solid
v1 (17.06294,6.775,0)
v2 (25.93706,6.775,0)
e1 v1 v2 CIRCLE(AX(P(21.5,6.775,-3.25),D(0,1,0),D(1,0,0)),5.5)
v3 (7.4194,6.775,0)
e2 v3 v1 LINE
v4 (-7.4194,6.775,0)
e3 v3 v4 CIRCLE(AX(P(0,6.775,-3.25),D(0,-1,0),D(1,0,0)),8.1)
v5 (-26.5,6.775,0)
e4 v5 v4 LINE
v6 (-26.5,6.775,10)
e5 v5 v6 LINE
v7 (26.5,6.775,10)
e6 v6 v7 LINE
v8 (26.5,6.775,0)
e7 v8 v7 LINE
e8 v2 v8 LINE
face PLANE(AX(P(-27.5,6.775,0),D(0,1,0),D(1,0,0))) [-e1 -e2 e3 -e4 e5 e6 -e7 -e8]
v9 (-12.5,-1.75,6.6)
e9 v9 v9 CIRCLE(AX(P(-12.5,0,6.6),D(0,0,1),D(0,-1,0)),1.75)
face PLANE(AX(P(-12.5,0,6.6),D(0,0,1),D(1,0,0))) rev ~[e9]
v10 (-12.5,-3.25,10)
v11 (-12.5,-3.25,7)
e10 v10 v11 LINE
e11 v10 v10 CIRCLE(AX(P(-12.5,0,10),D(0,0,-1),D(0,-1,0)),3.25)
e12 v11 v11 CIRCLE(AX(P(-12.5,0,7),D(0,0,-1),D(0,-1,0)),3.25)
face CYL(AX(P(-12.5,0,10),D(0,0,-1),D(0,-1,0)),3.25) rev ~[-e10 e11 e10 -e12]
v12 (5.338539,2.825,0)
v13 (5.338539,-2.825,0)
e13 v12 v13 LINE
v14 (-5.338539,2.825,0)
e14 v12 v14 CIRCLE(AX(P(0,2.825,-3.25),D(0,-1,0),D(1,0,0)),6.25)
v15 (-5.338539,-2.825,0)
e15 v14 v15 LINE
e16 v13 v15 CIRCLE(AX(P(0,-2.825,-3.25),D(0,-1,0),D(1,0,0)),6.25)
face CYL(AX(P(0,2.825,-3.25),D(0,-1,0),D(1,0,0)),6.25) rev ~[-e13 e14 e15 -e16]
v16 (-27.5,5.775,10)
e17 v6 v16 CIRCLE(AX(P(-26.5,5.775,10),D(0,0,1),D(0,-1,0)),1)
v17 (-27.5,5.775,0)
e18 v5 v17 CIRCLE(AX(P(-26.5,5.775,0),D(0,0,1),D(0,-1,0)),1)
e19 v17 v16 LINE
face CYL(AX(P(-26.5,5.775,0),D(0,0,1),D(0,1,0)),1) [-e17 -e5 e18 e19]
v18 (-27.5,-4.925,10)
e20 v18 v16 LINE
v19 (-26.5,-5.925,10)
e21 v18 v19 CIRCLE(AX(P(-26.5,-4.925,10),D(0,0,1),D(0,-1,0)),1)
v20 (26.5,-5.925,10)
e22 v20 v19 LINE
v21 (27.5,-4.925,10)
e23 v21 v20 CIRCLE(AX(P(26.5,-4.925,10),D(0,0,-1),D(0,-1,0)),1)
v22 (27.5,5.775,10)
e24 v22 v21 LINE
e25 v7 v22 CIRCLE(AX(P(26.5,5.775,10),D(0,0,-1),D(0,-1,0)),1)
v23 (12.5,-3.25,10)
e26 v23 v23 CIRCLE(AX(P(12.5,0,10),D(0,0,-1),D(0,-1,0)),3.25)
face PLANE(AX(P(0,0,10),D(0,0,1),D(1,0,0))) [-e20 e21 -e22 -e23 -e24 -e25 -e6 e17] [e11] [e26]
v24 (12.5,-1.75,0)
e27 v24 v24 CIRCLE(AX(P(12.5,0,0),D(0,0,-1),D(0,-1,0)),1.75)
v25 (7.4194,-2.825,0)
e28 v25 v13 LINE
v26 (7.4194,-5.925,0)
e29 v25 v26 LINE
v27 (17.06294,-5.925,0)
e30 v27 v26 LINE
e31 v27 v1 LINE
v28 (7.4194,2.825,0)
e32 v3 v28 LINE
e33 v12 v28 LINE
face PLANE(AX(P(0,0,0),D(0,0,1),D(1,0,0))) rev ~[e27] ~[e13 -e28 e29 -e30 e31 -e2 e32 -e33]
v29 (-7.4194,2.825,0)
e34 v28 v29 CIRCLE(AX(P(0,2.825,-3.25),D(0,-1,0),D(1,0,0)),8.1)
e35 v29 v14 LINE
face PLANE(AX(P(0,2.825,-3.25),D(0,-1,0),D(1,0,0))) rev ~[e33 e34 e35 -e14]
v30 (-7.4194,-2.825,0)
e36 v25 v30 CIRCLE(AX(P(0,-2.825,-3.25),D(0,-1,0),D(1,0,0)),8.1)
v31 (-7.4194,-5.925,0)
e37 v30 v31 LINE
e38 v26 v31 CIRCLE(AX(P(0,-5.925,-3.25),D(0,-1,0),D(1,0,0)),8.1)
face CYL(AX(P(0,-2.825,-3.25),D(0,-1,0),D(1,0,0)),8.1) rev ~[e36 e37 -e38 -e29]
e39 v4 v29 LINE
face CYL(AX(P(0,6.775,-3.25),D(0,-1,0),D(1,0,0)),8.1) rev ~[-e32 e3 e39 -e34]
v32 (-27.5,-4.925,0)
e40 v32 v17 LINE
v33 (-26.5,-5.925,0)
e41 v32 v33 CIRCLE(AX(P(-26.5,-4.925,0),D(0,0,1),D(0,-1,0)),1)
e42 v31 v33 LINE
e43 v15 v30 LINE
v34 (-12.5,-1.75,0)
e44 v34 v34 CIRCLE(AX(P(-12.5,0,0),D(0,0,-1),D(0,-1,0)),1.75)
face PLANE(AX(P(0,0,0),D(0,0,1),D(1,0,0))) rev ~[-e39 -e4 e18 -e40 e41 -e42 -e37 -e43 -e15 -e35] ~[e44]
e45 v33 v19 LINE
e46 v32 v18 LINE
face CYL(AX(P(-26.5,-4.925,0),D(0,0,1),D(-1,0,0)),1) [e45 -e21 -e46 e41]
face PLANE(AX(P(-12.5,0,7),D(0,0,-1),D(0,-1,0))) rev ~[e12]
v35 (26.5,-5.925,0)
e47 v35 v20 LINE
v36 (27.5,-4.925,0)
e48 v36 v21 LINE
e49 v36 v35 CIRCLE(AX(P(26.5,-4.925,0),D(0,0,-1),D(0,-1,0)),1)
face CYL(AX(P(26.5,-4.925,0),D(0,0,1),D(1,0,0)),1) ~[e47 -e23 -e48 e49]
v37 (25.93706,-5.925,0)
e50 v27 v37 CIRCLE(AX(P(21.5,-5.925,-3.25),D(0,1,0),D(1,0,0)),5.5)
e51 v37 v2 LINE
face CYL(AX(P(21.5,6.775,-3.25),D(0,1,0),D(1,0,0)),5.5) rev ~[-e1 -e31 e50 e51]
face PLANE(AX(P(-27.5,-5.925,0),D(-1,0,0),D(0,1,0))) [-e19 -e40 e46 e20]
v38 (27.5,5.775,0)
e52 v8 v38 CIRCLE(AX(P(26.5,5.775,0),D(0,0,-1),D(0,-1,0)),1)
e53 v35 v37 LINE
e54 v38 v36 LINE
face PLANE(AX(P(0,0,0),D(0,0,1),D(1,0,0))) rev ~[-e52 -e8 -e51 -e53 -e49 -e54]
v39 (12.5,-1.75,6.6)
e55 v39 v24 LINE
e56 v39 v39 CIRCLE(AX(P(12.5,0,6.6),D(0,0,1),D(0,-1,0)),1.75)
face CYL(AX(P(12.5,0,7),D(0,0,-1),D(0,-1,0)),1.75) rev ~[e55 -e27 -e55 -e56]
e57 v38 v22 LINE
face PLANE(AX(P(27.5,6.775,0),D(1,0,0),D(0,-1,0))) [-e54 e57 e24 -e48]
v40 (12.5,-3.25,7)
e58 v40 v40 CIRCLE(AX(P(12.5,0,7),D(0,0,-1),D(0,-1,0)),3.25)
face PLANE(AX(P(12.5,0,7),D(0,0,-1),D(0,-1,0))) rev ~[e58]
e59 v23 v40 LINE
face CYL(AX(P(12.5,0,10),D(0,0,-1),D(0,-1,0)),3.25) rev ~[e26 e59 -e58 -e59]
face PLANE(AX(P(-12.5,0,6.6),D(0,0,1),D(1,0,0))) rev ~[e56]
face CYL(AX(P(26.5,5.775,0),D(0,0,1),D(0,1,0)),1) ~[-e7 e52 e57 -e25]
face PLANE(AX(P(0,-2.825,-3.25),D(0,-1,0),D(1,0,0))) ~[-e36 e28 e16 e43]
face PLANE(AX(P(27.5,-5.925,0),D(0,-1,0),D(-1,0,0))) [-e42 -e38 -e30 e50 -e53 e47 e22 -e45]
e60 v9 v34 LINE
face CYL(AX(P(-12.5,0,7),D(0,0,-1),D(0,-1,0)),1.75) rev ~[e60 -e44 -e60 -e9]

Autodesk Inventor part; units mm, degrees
ref_plane "XZ Plane" through (0, 0, 0) normal (0, 1, 0) x (-1, 0, 0)
ref_plane "XY Plane" through (0, 0, 0) normal (0, 0, 1) x (1, 0, 0)
sketch "Sketch1" plane through (0, 0, 0) normal (0, 0, 1) x (1, 0, 0)
  line L0 (-27.5, 6.775) -> (27.5, 6.775)
  line L1 (27.5, 6.775) -> (27.5, -5.925)
  line L2 (27.5, -5.925) -> (-27.5, -5.925)
  line L3 (-27.5, -5.925) -> (-27.5, 6.775)
  point P0 (0, 0)
  dimension "d0" = 6.775
  dimension "d1" = 5.925
  dimension "d2" = 27.5
  dimension "d3" = 27.5
extrude "Extrusion1" add sketch "Sketch1" along normal blind 10
ref_plane "Work Plane1" through (0, 0, -3.25) normal (0, 0, -1) x (-1, 0, 0)
sketch "Sketch2" plane through (0, 0, -3.25) normal (0, 0, -1) x (-1, 0, 0)
  line L0 (27.5, 6.775) -> (-27.5, 6.775) projected
  line L1 (-27.5, -5.925) -> (27.5, -5.925) projected
  line L2 (0, 6.775) -> (-8.1, 6.775)
  line L3 (-27.5, 6.775) -> (27.5, 6.775) projected
  line L4 (-8.1, 6.775) -> (-8.1, 2.825)
  line L5 (-8.1, 2.825) -> (-6.25, 2.825)
  line L6 (-6.25, 2.825) -> (-6.25, -2.825)
  line L7 (-6.25, -2.825) -> (-8.1, -2.825)
  line L8 (-8.1, -2.825) -> (-8.1, -5.925)
  line L9 (27.5, -5.925) -> (-27.5, -5.925) projected
  line L10 (-8.1, -5.925) -> (0, -5.925)
  line L11 (0, -5.925) -> (0, 6.775)
  line L12 (0, -8.465) -> (0, 9.315) projected
  point P0 (0, 0)
  dimension "d7" = 8.1
  dimension "d8" = 6.25
  dimension "d9" = 3.95
  dimension "d10" = 3.1
revolve "Revolution1" cut sketch "Sketch2" angle 180 about axis through (0, 0, -3.25) along (0, -1, 0)
sketch "Sketch3" plane through (0, 0, 10) normal (0, 0, 1) x (1, 0, 0)
  line L0 (0, 0) -> (43.2339, 0) construction
  line L1 (0, 0) -> (-39.8542, 0) construction
  point P0 (-12.5, 0)
  point P1 (12.5, 0)
  dimension "d12" = 12.5
  dimension "d13" = 12.5
hole "Hole1" at (-12.5, 0, 10) at (12.5, 0, 10) direction (0, 0, -1) diameter 3.5 end through all counterbore diameter 6.5 counterbore depth 3
sketch "Sketch5" plane through (-27.5, 6.775, 10) normal (0, 1, 0) x (1, 0, 0)
  arc A0 (22.1615, 10) -> (32.8385, 10) centre (27.5, 13.25) ccw projected
  line L0 (27.5, 13.25) -> (61.0026, 13.25) construction
  line L1 (55, 10) -> (55, 0) projected
  circle A1 centre (49, 13.25) radius 5.5
  point P0 (27.5, 10)
  dimension "d26" = 6
  dimension "d27" = 11
extrude "Extrusion3" cut sketch "Sketch5" against normal through all
sketch "Sketch6" plane through (-12.5, 0, 7) normal (0, 0, 1) x (1, 0, 0)
  circle A0 centre (0, 0) radius 1.75 projected
  circle A1 centre (25, 0) radius 1.75 projected
  point P0 (12.5, 0)
extrude "Extrusion4" add sketch "Sketch6" against normal blind 0.4
fillet "Fillet2" radius 1 4 edges at (-27.5, 6.775, 5) (-27.5, -5.925, 5) (27.5, 6.775, 5) (27.5, -5.925, 5)
equation "\"d3\" = d2"
equation "\"d13\" = d12"
properties part number "Retainer" material "PC/ABS Plastic"
